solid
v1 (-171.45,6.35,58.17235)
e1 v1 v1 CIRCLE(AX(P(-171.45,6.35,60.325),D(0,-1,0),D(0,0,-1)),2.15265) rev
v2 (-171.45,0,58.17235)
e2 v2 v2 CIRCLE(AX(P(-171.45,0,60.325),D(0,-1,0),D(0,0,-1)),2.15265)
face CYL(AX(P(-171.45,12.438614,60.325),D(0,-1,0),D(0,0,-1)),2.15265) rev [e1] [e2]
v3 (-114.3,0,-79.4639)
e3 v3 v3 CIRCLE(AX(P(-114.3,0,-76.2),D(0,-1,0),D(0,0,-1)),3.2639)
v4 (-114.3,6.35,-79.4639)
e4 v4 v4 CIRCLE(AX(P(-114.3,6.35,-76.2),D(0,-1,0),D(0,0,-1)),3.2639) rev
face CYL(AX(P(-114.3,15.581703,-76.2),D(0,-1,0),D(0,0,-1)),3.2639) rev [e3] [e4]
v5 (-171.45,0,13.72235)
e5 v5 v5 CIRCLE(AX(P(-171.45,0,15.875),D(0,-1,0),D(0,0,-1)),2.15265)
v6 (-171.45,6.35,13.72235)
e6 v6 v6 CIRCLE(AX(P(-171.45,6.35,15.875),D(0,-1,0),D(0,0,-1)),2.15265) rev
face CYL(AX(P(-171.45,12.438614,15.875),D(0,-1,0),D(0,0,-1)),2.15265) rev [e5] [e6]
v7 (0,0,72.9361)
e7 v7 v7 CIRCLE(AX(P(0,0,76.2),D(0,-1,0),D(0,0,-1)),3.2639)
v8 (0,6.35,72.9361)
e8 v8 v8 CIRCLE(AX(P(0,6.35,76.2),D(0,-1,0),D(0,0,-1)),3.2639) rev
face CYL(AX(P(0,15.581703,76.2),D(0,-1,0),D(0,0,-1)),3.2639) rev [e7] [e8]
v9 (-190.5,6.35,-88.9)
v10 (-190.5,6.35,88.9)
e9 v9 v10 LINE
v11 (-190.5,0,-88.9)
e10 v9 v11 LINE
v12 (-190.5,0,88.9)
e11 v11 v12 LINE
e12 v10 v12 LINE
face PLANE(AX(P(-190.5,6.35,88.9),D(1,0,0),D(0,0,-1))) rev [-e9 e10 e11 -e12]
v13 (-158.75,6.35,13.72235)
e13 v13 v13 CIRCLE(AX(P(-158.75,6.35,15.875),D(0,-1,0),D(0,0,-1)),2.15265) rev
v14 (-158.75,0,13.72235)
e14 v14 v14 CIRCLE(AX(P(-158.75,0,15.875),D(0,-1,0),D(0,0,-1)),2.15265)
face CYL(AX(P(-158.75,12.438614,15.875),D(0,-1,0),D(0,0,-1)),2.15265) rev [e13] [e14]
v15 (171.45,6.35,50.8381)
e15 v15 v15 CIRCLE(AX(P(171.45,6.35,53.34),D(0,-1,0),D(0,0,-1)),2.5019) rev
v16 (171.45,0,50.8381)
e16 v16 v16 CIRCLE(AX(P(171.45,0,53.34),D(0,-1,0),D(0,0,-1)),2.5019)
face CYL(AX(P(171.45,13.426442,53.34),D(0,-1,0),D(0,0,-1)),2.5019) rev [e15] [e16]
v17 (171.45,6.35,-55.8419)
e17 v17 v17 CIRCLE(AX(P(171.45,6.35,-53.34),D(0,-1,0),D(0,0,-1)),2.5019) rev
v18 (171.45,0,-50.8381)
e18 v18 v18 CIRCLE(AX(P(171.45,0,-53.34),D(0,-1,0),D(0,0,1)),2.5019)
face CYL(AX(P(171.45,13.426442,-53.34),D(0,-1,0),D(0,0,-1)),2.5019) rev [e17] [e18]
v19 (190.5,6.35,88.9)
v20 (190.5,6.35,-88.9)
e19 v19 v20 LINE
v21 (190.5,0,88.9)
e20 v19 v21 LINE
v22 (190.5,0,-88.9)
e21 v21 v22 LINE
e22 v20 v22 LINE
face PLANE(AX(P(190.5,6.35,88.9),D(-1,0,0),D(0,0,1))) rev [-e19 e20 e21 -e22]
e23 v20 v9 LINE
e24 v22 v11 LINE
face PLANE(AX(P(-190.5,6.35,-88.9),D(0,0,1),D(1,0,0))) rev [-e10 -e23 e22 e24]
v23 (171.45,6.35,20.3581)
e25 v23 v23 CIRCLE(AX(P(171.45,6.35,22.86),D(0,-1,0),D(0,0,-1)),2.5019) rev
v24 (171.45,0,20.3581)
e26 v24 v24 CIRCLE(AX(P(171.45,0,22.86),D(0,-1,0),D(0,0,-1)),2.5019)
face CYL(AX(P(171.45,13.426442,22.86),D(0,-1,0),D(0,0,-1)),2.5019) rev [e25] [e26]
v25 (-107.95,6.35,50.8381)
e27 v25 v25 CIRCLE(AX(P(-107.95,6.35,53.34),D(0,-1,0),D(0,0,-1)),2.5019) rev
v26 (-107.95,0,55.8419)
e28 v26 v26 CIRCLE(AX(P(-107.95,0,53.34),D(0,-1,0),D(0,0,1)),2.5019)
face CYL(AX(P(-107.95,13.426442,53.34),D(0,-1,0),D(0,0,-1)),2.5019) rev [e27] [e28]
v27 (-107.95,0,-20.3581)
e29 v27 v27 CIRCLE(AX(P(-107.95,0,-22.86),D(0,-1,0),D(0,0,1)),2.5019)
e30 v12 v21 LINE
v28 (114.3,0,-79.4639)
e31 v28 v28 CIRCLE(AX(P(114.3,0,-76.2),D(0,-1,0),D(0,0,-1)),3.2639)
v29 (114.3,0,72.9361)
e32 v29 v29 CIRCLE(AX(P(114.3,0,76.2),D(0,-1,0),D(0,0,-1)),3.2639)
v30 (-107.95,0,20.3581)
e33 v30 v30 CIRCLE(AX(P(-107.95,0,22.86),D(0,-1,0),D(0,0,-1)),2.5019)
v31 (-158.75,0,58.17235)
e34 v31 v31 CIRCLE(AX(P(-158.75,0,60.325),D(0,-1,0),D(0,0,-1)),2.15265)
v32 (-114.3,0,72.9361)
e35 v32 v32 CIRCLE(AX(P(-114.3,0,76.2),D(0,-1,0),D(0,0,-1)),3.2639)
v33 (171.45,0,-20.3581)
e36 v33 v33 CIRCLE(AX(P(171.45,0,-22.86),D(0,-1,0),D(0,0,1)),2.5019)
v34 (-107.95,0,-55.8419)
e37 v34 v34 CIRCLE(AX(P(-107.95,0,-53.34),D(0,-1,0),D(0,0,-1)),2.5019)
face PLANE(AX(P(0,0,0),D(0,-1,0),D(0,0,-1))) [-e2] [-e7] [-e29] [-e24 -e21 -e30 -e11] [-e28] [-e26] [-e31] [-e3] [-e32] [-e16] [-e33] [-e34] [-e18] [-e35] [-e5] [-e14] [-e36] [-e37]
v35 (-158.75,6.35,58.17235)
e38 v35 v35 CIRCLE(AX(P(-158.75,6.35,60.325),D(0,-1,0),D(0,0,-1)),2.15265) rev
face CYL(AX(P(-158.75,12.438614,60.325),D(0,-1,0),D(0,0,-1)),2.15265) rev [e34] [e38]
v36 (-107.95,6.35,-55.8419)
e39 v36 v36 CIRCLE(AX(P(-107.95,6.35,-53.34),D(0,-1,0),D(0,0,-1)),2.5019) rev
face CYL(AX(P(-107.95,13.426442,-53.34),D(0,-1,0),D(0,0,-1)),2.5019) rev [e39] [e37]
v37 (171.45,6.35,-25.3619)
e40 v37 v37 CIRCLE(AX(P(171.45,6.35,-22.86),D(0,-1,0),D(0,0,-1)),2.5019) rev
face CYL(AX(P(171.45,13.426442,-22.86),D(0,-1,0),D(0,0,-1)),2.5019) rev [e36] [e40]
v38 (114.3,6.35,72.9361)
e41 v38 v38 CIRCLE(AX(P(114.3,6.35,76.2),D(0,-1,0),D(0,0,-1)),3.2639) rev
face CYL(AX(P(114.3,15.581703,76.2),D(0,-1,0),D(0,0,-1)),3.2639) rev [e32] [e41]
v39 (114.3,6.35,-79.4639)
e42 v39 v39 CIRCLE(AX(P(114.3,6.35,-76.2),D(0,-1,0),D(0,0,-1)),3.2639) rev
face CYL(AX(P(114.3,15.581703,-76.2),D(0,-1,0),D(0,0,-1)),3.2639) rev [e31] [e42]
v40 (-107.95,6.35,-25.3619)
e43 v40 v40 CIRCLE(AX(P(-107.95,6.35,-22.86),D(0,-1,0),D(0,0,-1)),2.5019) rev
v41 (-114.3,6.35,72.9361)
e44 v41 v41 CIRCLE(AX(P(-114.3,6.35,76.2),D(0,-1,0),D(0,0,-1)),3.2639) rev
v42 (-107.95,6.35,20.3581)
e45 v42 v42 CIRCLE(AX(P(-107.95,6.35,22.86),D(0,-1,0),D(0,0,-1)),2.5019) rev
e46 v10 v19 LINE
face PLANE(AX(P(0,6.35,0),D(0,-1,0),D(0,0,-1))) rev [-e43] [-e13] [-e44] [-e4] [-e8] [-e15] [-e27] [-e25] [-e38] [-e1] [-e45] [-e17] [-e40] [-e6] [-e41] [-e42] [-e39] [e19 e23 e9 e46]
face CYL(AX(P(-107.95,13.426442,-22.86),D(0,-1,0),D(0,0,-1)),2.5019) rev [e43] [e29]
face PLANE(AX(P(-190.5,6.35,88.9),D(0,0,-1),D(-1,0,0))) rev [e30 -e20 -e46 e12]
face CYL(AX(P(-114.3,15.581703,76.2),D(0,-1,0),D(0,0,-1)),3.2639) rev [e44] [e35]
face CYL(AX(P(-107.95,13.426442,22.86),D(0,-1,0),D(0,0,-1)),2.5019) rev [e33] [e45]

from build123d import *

# Parameters (mm, degrees)
SKETCH1_W                  = 381
SKETCH1_H                  = 177.8
PLATE_DEPTH                = 6.35
SKETCH4_R                  = 3.2639
CHASSISMOUNTINGHOLES_DEPTH = 6.35
SKETCH5_R                  = 2.5019
LEADSCREWGUIDEMOUNTS_DEPTH = 6.35
SKETCH6_R                  = 2.15265
LEADSCREWMOTORMOUNT_DEPTH  = 6.35


with BuildPart() as part:
    # Sketch1 → Plate (new body)
    with BuildSketch(Plane(origin=(0, 0, 0), x_dir=(1, 0, 0), z_dir=(0, 1, 0))):
        Rectangle(SKETCH1_W, SKETCH1_H)
    extrude(amount=PLATE_DEPTH)

    # Sketch4 → ChassisMountingHoles (cut)
    with BuildSketch(Plane.XZ):
        with Locations((0, 76.2)):
            Circle(SKETCH4_R)
        with Locations((-114.3, 76.2)):
            Circle(SKETCH4_R)
        with Locations((114.3, 76.2)):
            Circle(SKETCH4_R)
        with Locations((-114.3, -76.2)):
            Circle(SKETCH4_R)
        with Locations((114.3, -76.2)):
            Circle(SKETCH4_R)
    extrude(amount=-CHASSISMOUNTINGHOLES_DEPTH, mode=Mode.SUBTRACT)

    # Sketch5 → LeadScrewGuideMounts (cut)
    with BuildSketch(Plane.XZ):
        with Locations((171.45, 53.34)):
            Circle(SKETCH5_R)
        with Locations((171.45, 22.86)):
            Circle(SKETCH5_R)
        with Locations((-107.95, 53.34)):
            Circle(SKETCH5_R)
        with Locations((-107.95, 22.86)):
            Circle(SKETCH5_R)
        with Locations((171.45, -53.34)):
            Circle(SKETCH5_R)
        with Locations((171.45, -22.86)):
            Circle(SKETCH5_R)
        with Locations((-107.95, -22.86)):
            Circle(SKETCH5_R)
        with Locations((-107.95, -53.34)):
            Circle(SKETCH5_R)
    extrude(amount=-LEADSCREWGUIDEMOUNTS_DEPTH, mode=Mode.SUBTRACT)

    # Sketch6 → LeadScrewMotorMount (cut)
    with BuildSketch(Plane.XZ):
        with Locations((-171.45, 60.325)):
            Circle(SKETCH6_R)
        with Locations((-158.75, 60.325)):
            Circle(SKETCH6_R)
        with Locations((-171.45, 15.875)):
            Circle(SKETCH6_R)
        with Locations((-158.75, 15.875)):
            Circle(SKETCH6_R)
    extrude(amount=-LEADSCREWMOTORMOUNT_DEPTH, mode=Mode.SUBTRACT)


solid = part.part
